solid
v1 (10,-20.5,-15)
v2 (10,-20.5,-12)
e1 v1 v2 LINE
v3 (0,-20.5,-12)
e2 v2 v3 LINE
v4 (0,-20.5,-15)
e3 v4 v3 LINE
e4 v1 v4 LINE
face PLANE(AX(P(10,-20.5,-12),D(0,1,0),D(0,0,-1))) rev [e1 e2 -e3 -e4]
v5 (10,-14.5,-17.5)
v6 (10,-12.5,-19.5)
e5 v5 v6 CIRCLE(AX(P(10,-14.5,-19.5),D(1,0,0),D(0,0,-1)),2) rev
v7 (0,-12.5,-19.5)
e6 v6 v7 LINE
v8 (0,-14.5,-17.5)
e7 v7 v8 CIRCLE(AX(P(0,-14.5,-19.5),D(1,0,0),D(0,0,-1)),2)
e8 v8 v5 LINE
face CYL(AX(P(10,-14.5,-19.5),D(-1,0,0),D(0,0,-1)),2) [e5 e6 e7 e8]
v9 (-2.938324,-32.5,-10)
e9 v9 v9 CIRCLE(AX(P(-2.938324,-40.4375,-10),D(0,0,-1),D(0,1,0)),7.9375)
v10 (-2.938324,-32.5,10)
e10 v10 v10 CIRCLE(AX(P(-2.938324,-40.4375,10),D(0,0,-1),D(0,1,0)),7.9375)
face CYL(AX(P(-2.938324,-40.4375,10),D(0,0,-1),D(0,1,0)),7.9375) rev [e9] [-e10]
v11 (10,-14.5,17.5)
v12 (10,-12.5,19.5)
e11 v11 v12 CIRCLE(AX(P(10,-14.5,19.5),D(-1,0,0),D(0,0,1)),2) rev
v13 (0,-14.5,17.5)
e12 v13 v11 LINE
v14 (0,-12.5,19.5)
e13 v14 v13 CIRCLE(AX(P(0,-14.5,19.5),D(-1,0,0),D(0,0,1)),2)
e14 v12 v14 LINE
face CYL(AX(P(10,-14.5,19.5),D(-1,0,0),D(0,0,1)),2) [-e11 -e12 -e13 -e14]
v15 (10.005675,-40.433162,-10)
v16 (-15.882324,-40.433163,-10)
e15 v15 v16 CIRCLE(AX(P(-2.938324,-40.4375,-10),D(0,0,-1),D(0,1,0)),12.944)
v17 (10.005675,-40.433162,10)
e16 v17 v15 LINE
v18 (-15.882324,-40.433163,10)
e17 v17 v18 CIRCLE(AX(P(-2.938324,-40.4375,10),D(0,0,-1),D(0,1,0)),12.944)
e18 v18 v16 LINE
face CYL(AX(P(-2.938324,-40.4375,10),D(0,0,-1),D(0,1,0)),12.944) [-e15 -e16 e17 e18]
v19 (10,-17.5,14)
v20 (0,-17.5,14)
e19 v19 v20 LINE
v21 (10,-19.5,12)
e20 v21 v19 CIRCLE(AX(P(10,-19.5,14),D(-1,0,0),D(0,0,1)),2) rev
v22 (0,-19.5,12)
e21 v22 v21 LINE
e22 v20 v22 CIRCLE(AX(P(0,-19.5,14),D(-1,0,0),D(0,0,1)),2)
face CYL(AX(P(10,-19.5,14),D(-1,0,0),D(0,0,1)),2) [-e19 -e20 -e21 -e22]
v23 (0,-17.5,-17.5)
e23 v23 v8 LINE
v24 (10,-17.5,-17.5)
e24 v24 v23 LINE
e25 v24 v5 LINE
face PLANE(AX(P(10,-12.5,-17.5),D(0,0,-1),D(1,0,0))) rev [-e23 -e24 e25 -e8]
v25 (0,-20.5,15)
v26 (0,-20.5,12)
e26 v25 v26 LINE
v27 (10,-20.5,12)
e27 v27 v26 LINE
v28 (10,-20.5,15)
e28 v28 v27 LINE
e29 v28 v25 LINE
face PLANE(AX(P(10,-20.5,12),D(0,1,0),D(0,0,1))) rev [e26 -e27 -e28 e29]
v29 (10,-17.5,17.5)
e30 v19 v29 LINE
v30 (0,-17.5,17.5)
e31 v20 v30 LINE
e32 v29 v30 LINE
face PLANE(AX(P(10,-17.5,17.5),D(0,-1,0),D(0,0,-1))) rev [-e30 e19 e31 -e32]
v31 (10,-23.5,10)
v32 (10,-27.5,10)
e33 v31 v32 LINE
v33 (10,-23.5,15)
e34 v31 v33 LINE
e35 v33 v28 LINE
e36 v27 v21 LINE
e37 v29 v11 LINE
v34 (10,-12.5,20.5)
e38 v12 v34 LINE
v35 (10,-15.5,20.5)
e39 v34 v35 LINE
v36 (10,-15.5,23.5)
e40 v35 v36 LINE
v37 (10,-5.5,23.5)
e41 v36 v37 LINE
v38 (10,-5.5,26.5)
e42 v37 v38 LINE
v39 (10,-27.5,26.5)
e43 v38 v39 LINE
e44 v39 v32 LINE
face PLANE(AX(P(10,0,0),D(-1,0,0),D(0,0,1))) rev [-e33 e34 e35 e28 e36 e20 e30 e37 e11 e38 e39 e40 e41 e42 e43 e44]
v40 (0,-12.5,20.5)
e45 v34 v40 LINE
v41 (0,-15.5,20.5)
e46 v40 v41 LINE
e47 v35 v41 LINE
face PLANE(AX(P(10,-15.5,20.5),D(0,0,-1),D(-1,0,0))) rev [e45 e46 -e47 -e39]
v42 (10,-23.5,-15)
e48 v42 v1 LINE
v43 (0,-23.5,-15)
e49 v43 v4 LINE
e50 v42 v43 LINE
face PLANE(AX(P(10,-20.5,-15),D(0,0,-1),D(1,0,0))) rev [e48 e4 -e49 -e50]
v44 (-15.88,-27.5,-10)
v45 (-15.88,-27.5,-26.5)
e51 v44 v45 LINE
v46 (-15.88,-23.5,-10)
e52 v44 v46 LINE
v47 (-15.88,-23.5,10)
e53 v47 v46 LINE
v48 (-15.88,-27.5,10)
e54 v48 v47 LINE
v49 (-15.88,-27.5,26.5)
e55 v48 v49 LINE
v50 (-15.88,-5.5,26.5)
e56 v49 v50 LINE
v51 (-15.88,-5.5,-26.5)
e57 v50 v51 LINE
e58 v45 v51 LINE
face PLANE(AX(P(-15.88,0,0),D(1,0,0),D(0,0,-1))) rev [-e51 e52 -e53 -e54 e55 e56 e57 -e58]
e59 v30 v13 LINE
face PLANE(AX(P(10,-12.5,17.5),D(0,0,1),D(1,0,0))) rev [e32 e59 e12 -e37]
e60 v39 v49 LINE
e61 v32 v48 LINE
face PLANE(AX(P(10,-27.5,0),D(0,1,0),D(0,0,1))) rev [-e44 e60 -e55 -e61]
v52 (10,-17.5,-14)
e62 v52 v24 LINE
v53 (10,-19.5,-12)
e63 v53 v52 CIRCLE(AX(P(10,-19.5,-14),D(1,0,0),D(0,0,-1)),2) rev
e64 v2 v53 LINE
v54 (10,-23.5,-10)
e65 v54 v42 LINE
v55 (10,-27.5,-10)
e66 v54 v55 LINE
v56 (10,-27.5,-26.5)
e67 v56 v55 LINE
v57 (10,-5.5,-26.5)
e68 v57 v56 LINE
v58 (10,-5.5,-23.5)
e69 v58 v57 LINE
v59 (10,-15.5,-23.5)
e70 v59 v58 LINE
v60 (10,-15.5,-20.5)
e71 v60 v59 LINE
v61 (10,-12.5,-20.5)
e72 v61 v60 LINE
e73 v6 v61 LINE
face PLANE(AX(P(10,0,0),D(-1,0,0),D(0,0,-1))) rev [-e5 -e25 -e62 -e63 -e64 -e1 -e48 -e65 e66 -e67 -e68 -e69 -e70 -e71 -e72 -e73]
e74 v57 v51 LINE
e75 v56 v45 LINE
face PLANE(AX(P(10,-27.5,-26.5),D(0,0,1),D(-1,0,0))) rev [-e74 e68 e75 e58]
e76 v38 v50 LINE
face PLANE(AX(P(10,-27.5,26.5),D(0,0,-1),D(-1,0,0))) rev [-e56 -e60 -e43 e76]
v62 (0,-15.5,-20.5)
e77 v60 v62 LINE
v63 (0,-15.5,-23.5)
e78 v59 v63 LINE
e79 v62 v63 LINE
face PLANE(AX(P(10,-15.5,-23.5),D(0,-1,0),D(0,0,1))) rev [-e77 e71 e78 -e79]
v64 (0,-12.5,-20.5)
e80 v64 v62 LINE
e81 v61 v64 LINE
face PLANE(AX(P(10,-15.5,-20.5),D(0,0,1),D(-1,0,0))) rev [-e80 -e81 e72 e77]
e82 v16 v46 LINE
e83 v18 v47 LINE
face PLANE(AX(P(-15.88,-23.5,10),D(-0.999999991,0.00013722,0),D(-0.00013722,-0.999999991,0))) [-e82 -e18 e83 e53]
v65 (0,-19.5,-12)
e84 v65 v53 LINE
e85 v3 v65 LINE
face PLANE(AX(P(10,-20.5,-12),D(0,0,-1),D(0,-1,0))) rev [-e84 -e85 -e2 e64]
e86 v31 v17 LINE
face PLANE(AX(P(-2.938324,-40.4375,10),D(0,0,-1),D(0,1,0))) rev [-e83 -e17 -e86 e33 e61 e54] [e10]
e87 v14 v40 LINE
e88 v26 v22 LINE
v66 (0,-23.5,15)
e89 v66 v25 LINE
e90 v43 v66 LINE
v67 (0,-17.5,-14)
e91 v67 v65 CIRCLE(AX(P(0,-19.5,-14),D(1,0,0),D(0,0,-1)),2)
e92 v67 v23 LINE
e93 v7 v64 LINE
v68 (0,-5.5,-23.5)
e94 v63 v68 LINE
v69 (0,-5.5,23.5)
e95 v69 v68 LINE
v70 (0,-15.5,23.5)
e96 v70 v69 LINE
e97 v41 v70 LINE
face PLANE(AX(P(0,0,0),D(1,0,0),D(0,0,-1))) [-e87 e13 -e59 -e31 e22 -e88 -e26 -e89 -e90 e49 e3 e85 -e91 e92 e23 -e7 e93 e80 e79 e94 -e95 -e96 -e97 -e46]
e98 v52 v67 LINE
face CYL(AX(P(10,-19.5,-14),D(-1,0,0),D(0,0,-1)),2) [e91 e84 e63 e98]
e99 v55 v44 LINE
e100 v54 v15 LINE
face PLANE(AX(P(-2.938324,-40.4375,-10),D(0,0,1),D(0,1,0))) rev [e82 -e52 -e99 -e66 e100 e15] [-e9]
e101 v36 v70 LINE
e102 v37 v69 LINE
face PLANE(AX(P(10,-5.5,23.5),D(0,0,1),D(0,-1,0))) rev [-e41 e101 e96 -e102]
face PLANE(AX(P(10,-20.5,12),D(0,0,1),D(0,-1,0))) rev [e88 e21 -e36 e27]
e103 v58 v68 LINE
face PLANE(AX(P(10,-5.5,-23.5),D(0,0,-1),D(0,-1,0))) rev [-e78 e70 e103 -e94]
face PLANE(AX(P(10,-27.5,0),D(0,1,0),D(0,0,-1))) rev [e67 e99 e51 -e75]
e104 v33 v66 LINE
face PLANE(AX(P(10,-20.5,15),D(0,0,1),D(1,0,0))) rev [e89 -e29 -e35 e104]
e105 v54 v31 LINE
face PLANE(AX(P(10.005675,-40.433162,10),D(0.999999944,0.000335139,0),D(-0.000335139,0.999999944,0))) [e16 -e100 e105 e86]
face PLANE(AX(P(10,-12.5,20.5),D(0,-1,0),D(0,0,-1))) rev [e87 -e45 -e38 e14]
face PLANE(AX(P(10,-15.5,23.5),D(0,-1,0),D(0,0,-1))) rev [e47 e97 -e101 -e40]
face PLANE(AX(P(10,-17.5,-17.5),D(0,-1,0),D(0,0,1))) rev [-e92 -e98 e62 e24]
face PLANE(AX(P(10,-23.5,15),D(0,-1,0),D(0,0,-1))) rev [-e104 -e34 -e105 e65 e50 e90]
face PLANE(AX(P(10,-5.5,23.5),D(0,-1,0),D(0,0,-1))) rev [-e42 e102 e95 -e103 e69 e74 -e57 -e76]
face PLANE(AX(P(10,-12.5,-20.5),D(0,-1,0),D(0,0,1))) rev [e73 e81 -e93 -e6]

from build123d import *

# Parameters (mm, degrees)
BOSS_EXTRUDE1_DEPTH = 10
FILLET1_R           = 2
SKETCH2_W           = 26.5
SKETCH2_H           = 22
BOSS_EXTRUDE2_DEPTH = 15.88
SKETCH3_R           = 7.9375
BOSS_EXTRUDE3_DEPTH = 10


with BuildPart() as part:
    # Sketch1 → Boss-Extrude1 (new body)
    with BuildSketch(Plane(origin=(0, 0, 0), x_dir=(0, 0, -1), z_dir=(1, 0, 0))):
        Polygon((-26.5, -27.5), (-26.5, -5.5), (-23.5, -5.5), (-23.5, -15.5), (-20.5, -15.5), (-20.5, -12.5), (-17.5, -12.5), (-17.5, -17.5), (-12, -17.5), (-12, -20.5), (-15, -20.5), (-15, -23.5), (0, -23.5), (0, -27.5), align=None)
    extrude(amount=BOSS_EXTRUDE1_DEPTH)

    # Fillet1
    fillet1_edges = [part.edges().sort_by_distance(p)[0] for p in [
        (5, -12.5, 17.5),
        (5, -17.5, 12),
    ]]
    fillet(fillet1_edges, radius=FILLET1_R)

    # Sketch2 → Boss-Extrude2 (add)
    with BuildSketch(Plane.ZY):
        with Locations((13.25, -16.5)):
            Rectangle(SKETCH2_W, SKETCH2_H)
    extrude(amount=BOSS_EXTRUDE2_DEPTH)

    # Sketch3 → Boss-Extrude3 (add)
    with BuildSketch(Plane(origin=(0, 0, 0), x_dir=(-1, 0, 0), z_dir=(0, 0, -1))):
        with BuildLine():
            Line((-10.00567497, -40.433161955), (-10, -23.5))
            Line((-10, -23.5), (15.88, -23.5))
            Line((15.88, -23.5), (15.882323576, -40.433162744))
            ThreePointArc((15.882323576, -40.433162744), (2.938323909, -53.3815), (-10.00567497, -40.433161955))
        make_face()
        with Locations(Location((2.938324303, -40.4375, 0), (0, 0, 90))):
            Circle(SKETCH3_R, mode=Mode.SUBTRACT)
    extrude(amount=-BOSS_EXTRUDE3_DEPTH)

    # Mirror1: part across plane


with BuildPart() as part_1:
    add(part.part)
    add(part.part.mirror(Plane(origin=(10, -23.5, 0), x_dir=(1, 0, 0), z_dir=(0, 0, 1))))


solid = part_1.part
